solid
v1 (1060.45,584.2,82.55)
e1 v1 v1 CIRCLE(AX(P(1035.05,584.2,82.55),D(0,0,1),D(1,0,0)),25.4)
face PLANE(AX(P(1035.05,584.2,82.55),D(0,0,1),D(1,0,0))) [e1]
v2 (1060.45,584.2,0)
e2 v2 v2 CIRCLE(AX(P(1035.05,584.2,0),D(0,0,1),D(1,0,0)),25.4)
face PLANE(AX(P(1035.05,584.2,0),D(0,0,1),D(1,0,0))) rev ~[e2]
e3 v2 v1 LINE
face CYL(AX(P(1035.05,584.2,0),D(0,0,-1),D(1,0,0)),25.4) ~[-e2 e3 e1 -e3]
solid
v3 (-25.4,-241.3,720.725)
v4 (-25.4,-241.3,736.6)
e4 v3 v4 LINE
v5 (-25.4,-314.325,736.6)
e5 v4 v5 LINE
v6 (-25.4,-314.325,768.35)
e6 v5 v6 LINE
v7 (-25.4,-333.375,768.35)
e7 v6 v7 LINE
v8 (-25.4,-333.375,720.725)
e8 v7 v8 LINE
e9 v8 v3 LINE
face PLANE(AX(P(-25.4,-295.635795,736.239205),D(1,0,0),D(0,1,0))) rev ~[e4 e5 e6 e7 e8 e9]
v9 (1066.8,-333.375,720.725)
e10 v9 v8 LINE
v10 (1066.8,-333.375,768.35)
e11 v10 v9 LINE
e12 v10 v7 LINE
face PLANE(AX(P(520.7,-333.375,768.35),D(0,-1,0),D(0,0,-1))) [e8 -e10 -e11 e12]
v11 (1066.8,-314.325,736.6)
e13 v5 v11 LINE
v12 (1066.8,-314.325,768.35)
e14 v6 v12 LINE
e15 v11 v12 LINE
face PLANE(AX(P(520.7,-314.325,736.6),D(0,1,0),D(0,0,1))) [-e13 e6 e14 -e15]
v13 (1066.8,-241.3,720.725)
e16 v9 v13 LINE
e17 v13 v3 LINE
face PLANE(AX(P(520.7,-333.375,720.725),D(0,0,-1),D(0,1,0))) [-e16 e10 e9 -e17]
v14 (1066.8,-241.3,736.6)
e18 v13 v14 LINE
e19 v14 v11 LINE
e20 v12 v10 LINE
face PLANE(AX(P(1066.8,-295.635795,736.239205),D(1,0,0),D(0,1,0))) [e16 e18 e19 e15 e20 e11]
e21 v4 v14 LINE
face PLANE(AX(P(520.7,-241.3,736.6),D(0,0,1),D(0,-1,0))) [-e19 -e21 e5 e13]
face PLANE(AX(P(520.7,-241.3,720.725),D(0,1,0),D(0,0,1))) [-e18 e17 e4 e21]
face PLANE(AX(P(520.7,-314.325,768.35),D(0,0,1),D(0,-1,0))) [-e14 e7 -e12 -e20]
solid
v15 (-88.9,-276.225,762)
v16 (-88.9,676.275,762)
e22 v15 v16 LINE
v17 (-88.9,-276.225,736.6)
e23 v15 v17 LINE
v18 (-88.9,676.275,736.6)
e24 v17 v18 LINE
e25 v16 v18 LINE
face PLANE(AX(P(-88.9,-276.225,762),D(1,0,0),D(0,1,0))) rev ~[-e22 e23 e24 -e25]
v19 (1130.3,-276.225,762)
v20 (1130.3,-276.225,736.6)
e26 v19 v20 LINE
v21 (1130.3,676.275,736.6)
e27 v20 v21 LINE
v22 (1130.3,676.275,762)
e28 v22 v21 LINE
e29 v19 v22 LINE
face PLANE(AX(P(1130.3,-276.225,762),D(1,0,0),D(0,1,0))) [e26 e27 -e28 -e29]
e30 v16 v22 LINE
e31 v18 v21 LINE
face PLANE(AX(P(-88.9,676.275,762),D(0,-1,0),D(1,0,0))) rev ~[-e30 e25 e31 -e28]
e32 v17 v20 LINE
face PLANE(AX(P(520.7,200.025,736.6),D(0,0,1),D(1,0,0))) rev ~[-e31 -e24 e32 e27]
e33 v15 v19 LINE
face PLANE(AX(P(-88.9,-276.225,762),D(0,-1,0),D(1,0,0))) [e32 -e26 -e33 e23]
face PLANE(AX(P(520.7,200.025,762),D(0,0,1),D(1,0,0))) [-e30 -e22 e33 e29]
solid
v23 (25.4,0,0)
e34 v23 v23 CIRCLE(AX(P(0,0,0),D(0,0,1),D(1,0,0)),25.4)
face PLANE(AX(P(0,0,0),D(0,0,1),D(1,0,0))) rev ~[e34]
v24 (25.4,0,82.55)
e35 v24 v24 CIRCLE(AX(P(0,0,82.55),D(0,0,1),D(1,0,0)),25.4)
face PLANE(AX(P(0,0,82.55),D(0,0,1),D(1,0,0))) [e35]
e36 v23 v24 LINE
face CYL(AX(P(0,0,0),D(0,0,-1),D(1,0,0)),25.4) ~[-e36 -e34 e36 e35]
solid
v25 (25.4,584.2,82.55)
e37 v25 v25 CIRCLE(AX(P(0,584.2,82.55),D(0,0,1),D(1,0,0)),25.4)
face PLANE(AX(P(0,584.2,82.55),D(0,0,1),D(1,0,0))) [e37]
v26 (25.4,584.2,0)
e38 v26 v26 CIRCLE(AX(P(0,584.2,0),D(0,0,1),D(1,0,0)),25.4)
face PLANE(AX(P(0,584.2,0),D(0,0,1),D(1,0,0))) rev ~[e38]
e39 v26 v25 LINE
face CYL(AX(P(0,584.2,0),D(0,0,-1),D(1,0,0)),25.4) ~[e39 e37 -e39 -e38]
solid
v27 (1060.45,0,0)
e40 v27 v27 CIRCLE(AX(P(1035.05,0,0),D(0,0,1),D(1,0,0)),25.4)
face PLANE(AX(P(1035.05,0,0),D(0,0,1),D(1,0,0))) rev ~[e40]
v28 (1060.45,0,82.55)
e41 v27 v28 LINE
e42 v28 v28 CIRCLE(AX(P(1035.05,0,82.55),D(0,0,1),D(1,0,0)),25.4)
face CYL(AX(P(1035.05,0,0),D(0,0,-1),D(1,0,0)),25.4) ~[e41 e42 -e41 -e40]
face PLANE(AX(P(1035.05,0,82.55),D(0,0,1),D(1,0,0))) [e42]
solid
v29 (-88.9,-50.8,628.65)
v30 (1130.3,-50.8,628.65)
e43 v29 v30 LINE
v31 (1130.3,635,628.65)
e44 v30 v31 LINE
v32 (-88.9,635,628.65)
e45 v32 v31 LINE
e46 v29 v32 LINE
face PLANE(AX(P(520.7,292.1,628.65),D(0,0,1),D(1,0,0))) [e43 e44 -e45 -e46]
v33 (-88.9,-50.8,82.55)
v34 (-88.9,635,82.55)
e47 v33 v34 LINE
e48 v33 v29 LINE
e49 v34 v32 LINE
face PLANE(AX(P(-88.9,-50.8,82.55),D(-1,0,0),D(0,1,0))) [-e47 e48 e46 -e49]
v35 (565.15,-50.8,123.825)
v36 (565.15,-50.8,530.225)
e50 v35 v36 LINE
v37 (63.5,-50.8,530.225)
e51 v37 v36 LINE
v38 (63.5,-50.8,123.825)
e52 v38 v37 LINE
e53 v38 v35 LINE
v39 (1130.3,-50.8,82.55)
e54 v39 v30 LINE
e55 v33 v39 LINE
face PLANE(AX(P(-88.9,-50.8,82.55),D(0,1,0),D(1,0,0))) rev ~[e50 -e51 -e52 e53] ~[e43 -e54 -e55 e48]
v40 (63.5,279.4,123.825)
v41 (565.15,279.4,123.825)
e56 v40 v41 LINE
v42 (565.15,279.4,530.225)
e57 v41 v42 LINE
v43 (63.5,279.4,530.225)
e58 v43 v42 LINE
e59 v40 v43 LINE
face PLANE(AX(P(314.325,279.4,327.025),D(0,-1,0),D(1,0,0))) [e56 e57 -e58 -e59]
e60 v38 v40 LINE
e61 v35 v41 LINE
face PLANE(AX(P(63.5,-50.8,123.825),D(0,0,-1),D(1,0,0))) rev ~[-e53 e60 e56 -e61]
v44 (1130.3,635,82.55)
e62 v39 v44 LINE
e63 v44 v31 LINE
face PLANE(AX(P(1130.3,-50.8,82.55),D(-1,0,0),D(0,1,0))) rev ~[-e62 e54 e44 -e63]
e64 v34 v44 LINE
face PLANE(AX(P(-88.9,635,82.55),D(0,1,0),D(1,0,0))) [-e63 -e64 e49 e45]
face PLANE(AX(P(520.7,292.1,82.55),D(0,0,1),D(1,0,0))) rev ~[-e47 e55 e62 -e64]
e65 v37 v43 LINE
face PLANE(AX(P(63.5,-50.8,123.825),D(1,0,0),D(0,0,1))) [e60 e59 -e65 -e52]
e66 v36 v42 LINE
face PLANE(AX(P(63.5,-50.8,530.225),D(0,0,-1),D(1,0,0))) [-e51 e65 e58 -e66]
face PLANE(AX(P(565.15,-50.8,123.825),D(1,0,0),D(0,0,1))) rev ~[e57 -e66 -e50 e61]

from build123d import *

# Parameters (mm, degrees)
F0_R      = 25.4
F1_DEPTH  = 82.55
F2_W      = 1219.2
F2_H      = 685.8
F3_DEPTH  = 546.1
F4_W      = 501.65
F4_H      = 406.4
F5_DEPTH  = 330.2
F7_W      = 1219.2
F7_H      = 952.5
F8_DEPTH  = 25.4
F11_DEPTH = 546.1


with BuildPart() as f1:
    # F0 (on Top) → F1 (new body)
    with BuildSketch(Plane.XY):
        with Locations((1035.05, 0)):
            Circle(F0_R)
    extrude(amount=F1_DEPTH)


with BuildPart() as f1b:
    # F0 (on Top) → F1, piece 2 (new body)
    with BuildSketch(Plane.XY):
        Circle(F0_R)
    extrude(amount=F1_DEPTH)


with BuildPart() as f1c:
    # F0 (on Top) → F1, piece 3 (new body)
    with BuildSketch(Plane.XY):
        with Locations((1035.05, 584.2)):
            Circle(F0_R)
    extrude(amount=F1_DEPTH)


with BuildPart() as f1d:
    # F0 (on Top) → F1, piece 4 (new body)
    with BuildSketch(Plane.XY):
        with Locations((0, 584.2)):
            Circle(F0_R)
    extrude(amount=F1_DEPTH)


with BuildPart() as f3:
    # F2 (on face) → F3 (new body)
    with BuildSketch(Plane.XY.offset(82.55)):
        with Locations((520.7, 292.1)):
            Rectangle(F2_W, F2_H)
    extrude(amount=F3_DEPTH)

    # F4 (on face) → F5 (cut)
    with BuildSketch(Plane.XZ.offset(50.8)):
        with Locations((314.325, 327.025)):
            Rectangle(F4_W, F4_H)
    extrude(amount=-F5_DEPTH, mode=Mode.SUBTRACT)


with BuildPart() as f8:
    # F7 (on offset) → F8 (new body)
    with BuildSketch(Plane.XY.offset(762)):
        with Locations((520.7, 200.025)):
            Rectangle(F7_W, F7_H)
    extrude(amount=-F8_DEPTH)


with BuildPart() as f11:
    # F10 (on mid) → F11 (new body, symmetric)
    with BuildSketch(Plane.YZ.offset(520.7)):
        Polygon((-241.3, 720.725), (-241.3, 736.6), (-314.325, 736.6), (-314.325, 768.35), (-333.375, 768.35), (-333.375, 720.725), align=None)
    extrude(amount=F11_DEPTH, both=True)


solid = Compound([f1.part, f1b.part, f1c.part, f1d.part, f3.part, f8.part, f11.part])
